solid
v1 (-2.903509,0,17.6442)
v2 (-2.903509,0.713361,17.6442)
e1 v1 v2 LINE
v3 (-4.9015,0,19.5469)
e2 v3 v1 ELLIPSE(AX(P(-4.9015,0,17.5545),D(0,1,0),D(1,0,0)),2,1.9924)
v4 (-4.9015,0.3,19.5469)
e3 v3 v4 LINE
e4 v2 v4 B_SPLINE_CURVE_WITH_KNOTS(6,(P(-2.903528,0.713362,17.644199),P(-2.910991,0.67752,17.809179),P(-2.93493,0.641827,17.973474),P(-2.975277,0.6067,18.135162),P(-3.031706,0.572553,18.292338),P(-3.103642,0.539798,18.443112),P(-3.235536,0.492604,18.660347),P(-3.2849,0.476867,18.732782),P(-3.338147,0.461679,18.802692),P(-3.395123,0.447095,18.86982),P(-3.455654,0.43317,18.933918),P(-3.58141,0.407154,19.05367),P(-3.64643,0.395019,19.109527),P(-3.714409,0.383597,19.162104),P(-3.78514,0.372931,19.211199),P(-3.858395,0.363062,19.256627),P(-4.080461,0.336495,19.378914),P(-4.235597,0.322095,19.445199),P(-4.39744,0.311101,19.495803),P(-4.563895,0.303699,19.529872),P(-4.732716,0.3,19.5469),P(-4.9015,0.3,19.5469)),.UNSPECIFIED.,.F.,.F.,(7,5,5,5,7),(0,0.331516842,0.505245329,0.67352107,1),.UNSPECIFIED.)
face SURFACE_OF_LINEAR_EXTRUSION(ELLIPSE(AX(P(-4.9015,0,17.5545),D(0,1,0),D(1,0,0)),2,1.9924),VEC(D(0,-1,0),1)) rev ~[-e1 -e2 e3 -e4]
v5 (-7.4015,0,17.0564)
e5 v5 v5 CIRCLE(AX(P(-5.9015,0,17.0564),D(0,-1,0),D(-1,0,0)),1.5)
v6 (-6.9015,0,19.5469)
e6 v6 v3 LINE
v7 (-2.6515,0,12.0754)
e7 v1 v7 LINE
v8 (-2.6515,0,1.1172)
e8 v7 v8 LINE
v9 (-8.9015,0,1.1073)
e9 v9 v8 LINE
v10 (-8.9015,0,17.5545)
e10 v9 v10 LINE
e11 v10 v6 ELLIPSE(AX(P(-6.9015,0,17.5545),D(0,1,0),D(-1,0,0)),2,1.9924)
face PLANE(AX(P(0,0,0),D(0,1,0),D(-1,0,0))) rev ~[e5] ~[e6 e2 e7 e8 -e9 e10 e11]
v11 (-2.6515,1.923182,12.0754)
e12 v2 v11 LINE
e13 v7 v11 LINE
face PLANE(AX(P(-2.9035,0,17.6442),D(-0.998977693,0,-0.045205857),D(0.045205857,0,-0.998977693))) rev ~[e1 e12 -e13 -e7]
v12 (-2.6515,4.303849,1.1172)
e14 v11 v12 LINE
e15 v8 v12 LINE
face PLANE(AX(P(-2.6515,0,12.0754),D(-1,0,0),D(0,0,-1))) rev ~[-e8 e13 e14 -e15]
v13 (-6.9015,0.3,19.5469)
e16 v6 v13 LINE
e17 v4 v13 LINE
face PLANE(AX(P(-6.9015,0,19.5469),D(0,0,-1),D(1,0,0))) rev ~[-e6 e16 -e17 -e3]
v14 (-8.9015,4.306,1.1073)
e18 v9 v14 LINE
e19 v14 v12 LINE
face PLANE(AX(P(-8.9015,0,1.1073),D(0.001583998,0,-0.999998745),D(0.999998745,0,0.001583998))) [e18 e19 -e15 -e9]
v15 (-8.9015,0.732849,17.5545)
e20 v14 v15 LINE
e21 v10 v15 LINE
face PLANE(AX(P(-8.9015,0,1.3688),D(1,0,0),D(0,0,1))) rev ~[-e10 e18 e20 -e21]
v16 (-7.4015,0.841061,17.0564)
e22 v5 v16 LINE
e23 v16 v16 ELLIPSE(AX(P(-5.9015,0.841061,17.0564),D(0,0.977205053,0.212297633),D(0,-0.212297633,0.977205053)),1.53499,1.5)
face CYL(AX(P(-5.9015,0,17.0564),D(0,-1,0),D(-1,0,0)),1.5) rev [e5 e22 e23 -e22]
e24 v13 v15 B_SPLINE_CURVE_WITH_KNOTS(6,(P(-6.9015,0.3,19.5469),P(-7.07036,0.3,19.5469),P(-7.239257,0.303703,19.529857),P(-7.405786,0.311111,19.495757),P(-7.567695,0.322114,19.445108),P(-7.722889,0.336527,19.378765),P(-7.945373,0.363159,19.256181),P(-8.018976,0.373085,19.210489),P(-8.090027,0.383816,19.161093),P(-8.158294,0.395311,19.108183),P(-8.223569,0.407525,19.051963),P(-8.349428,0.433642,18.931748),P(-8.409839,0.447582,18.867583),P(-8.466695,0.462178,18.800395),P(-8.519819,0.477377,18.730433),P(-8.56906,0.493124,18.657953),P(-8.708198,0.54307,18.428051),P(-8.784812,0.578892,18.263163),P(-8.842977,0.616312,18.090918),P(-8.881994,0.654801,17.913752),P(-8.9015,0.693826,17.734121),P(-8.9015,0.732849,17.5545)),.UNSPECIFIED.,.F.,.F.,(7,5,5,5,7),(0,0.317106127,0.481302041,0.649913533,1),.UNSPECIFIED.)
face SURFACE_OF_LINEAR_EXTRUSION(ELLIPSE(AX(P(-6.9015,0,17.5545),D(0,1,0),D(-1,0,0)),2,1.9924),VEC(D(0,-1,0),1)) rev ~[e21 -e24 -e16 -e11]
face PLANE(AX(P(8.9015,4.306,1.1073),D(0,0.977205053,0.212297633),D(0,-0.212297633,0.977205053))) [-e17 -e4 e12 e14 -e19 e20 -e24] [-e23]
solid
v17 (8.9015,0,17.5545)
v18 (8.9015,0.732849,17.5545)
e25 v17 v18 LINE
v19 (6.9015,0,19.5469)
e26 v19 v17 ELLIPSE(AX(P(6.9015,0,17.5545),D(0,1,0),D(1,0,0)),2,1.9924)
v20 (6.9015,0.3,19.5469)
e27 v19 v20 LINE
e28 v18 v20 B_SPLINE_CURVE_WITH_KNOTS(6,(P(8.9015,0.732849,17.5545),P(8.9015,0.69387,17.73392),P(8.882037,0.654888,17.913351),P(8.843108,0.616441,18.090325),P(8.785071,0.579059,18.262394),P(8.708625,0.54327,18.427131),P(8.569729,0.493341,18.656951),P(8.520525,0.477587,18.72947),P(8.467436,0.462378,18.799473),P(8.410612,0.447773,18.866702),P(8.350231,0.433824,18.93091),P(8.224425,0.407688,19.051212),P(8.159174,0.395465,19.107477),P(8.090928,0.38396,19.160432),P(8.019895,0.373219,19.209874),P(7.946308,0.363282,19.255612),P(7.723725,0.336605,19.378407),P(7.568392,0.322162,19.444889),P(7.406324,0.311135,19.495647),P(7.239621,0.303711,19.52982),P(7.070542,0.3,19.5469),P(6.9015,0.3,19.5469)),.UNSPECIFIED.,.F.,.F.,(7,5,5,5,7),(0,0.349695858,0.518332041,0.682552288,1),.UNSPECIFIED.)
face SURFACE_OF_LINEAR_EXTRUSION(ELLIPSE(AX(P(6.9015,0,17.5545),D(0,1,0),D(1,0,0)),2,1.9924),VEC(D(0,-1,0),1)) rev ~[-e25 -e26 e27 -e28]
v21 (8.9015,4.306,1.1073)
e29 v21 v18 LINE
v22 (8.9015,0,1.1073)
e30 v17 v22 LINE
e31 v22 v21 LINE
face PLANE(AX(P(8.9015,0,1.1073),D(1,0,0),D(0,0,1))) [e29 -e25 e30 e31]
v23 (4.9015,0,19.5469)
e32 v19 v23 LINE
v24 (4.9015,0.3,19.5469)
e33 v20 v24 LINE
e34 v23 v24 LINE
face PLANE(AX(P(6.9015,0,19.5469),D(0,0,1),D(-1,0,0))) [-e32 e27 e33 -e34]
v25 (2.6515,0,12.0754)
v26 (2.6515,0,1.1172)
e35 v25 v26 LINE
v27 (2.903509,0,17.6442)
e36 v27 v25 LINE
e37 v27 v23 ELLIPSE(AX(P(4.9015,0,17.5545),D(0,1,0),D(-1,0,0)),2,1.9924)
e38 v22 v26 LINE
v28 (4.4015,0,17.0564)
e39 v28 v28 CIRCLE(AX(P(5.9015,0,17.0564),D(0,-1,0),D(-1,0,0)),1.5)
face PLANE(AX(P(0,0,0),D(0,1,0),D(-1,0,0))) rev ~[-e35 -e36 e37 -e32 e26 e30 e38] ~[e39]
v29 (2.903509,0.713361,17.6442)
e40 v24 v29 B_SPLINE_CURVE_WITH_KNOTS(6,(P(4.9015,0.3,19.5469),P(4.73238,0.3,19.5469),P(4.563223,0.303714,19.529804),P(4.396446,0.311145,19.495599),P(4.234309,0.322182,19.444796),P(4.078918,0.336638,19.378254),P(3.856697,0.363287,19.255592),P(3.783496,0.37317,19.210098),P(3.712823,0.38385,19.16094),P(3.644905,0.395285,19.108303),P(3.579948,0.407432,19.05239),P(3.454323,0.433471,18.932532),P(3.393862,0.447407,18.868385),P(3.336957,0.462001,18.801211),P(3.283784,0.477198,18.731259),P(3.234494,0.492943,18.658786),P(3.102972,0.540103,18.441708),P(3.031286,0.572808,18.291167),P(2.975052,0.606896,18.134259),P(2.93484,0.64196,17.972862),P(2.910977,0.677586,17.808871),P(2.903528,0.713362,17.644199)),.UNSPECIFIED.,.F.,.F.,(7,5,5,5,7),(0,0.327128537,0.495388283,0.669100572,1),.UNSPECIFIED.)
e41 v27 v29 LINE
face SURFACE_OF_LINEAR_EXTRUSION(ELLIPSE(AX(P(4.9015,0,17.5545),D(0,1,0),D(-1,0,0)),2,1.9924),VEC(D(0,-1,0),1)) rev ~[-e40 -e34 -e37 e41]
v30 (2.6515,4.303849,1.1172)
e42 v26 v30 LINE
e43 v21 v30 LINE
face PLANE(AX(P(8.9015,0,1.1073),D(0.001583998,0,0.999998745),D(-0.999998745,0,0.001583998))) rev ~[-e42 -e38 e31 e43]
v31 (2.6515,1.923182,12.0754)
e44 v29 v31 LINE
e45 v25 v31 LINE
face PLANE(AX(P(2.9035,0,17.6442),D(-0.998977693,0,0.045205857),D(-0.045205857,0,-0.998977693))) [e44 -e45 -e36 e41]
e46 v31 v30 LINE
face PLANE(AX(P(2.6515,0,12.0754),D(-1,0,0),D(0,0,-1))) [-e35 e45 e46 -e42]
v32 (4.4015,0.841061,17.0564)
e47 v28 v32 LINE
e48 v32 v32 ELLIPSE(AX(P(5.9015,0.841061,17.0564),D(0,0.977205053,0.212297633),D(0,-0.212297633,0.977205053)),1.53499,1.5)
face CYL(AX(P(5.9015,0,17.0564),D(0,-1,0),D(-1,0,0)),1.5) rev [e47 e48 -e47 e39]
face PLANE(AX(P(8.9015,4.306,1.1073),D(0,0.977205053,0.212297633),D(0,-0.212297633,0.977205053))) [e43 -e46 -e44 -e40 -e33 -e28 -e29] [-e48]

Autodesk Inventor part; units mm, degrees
ref_plane "YZ Plane" through (0, 0, 0) normal (1, 0, 0) x (0, 1, 0)
ref_plane "XZ Plane" through (0, 0, 0) normal (0, 1, 0) x (-1, 0, 0)
ref_plane "XY Plane" through (0, 0, 0) normal (0, 0, 1) x (1, 0, 0)
sketch "Sketch1" plane through (0, 0, 0) normal (0, 1, 0) x (-1, 0, 0)
  line L0 (-8.9015, 1.1073) -> (-8.9015, 17.5545)
  line L1 (-2.6515, 1.1073) -> (-8.9015, 1.1073)
  line L2 (-2.6515, 12.0754) -> (-2.6515, 1.1172)
  line L3 (-2.9035, 17.6442) -> (-2.6515, 12.0754)
  ellipse E0 centre (-4.9015, 17.5545) end of major axis (-2.9015, 17.5545) minor radius 1.9924 (-2.9035, 17.6442) -> (-4.9015, 19.5469) ccw
  line L4 (-6.9015, 19.5469) -> (-4.9015, 19.5469)
  ellipse E1 centre (-6.9015, 17.5545) end of major axis (-8.9015, 17.5545) minor radius 1.9924 (-6.9015, 19.5469) -> (-8.9015, 17.5545) ccw
  ellipse E2 centre (-5.9015, 17.0564) end of major axis (-4.4015, 17.0564) minor radius 1.4943
  line L5 (-8.9015, 1.1073) -> (-8.9015, 1.3688)
  line L6 (-8.9015, 1.1073) -> (-2.6515, 1.1172)
  line L7 (-2.6515, 1.1172) -> (-2.6515, 12.0754)
  line L8 (-2.6515, 12.0754) -> (-2.9035, 17.6442)
  line L9 (-8.9015, 1.1073) -> (-8.9015, 17.5545)
  line L10 (-6.9015, 19.5469) -> (-4.9015, 19.5469)
  circle A0 centre (-5.9015, 17.0564) radius 1.5
  line L11 (8.9015, 1.1073) -> (8.9015, 17.5545)
  line L12 (2.6515, 1.1073) -> (8.9015, 1.1073)
  line L13 (2.6515, 12.0754) -> (2.6515, 1.1172)
  line L14 (2.9035, 17.6442) -> (2.6515, 12.0754)
  ellipse E3 centre (4.9015, 17.5545) end of major axis (2.9015, 17.5545) minor radius 1.9924 (4.9015, 19.5469) -> (2.9035, 17.6442) ccw
  line L15 (6.9015, 19.5469) -> (4.9015, 19.5469)
  ellipse E4 centre (6.9015, 17.5545) end of major axis (8.9015, 17.5545) minor radius 1.9924 (8.9015, 17.5545) -> (6.9015, 19.5469) ccw
  ellipse E5 centre (5.9015, 17.0564) end of major axis (4.4015, 17.0564) minor radius 1.4943
  line L16 (8.9015, 1.1073) -> (8.9015, 1.3688)
  line L17 (8.9015, 1.1073) -> (2.6515, 1.1172)
  line L18 (2.6515, 1.1172) -> (2.6515, 12.0754)
  line L19 (2.6515, 12.0754) -> (2.9035, 17.6442)
  line L20 (8.9015, 1.1073) -> (8.9015, 17.5545)
  line L21 (6.9015, 19.5469) -> (4.9015, 19.5469)
  circle A1 centre (5.9015, 17.0564) radius 1.5
  point P0 (0, 0)
  point P1 (-18.0813, 13.3212)
extrude "Extrusion1" add sketch "Sketch1" along normal blind 10
sketch "Sketch2" plane through (8.9015, 0, 17.5545) normal (1, 0, 0) x (0, 0, -1)
  line L0 (16.4472, 4.306) -> (-1.9924, 0.3)
  line L1 (16.4472, 4.306) -> (16.4472, 13.2162)
  line L2 (16.4472, 13.2162) -> (-1.9924, 13.2162)
  line L3 (-1.9924, 13.2162) -> (-1.9924, 0.3)
  line L4 (0, 0) -> (-1.9924, 0) projected
  point P0 (17.5545, 0)
  point P1 (16.4472, 0)
  dimension "d5" = 4.306
  dimension "d8" = 0.3
extrude "Extrusion2" cut sketch "Sketch2" against normal through all
properties part number "12,5degree spacer"
